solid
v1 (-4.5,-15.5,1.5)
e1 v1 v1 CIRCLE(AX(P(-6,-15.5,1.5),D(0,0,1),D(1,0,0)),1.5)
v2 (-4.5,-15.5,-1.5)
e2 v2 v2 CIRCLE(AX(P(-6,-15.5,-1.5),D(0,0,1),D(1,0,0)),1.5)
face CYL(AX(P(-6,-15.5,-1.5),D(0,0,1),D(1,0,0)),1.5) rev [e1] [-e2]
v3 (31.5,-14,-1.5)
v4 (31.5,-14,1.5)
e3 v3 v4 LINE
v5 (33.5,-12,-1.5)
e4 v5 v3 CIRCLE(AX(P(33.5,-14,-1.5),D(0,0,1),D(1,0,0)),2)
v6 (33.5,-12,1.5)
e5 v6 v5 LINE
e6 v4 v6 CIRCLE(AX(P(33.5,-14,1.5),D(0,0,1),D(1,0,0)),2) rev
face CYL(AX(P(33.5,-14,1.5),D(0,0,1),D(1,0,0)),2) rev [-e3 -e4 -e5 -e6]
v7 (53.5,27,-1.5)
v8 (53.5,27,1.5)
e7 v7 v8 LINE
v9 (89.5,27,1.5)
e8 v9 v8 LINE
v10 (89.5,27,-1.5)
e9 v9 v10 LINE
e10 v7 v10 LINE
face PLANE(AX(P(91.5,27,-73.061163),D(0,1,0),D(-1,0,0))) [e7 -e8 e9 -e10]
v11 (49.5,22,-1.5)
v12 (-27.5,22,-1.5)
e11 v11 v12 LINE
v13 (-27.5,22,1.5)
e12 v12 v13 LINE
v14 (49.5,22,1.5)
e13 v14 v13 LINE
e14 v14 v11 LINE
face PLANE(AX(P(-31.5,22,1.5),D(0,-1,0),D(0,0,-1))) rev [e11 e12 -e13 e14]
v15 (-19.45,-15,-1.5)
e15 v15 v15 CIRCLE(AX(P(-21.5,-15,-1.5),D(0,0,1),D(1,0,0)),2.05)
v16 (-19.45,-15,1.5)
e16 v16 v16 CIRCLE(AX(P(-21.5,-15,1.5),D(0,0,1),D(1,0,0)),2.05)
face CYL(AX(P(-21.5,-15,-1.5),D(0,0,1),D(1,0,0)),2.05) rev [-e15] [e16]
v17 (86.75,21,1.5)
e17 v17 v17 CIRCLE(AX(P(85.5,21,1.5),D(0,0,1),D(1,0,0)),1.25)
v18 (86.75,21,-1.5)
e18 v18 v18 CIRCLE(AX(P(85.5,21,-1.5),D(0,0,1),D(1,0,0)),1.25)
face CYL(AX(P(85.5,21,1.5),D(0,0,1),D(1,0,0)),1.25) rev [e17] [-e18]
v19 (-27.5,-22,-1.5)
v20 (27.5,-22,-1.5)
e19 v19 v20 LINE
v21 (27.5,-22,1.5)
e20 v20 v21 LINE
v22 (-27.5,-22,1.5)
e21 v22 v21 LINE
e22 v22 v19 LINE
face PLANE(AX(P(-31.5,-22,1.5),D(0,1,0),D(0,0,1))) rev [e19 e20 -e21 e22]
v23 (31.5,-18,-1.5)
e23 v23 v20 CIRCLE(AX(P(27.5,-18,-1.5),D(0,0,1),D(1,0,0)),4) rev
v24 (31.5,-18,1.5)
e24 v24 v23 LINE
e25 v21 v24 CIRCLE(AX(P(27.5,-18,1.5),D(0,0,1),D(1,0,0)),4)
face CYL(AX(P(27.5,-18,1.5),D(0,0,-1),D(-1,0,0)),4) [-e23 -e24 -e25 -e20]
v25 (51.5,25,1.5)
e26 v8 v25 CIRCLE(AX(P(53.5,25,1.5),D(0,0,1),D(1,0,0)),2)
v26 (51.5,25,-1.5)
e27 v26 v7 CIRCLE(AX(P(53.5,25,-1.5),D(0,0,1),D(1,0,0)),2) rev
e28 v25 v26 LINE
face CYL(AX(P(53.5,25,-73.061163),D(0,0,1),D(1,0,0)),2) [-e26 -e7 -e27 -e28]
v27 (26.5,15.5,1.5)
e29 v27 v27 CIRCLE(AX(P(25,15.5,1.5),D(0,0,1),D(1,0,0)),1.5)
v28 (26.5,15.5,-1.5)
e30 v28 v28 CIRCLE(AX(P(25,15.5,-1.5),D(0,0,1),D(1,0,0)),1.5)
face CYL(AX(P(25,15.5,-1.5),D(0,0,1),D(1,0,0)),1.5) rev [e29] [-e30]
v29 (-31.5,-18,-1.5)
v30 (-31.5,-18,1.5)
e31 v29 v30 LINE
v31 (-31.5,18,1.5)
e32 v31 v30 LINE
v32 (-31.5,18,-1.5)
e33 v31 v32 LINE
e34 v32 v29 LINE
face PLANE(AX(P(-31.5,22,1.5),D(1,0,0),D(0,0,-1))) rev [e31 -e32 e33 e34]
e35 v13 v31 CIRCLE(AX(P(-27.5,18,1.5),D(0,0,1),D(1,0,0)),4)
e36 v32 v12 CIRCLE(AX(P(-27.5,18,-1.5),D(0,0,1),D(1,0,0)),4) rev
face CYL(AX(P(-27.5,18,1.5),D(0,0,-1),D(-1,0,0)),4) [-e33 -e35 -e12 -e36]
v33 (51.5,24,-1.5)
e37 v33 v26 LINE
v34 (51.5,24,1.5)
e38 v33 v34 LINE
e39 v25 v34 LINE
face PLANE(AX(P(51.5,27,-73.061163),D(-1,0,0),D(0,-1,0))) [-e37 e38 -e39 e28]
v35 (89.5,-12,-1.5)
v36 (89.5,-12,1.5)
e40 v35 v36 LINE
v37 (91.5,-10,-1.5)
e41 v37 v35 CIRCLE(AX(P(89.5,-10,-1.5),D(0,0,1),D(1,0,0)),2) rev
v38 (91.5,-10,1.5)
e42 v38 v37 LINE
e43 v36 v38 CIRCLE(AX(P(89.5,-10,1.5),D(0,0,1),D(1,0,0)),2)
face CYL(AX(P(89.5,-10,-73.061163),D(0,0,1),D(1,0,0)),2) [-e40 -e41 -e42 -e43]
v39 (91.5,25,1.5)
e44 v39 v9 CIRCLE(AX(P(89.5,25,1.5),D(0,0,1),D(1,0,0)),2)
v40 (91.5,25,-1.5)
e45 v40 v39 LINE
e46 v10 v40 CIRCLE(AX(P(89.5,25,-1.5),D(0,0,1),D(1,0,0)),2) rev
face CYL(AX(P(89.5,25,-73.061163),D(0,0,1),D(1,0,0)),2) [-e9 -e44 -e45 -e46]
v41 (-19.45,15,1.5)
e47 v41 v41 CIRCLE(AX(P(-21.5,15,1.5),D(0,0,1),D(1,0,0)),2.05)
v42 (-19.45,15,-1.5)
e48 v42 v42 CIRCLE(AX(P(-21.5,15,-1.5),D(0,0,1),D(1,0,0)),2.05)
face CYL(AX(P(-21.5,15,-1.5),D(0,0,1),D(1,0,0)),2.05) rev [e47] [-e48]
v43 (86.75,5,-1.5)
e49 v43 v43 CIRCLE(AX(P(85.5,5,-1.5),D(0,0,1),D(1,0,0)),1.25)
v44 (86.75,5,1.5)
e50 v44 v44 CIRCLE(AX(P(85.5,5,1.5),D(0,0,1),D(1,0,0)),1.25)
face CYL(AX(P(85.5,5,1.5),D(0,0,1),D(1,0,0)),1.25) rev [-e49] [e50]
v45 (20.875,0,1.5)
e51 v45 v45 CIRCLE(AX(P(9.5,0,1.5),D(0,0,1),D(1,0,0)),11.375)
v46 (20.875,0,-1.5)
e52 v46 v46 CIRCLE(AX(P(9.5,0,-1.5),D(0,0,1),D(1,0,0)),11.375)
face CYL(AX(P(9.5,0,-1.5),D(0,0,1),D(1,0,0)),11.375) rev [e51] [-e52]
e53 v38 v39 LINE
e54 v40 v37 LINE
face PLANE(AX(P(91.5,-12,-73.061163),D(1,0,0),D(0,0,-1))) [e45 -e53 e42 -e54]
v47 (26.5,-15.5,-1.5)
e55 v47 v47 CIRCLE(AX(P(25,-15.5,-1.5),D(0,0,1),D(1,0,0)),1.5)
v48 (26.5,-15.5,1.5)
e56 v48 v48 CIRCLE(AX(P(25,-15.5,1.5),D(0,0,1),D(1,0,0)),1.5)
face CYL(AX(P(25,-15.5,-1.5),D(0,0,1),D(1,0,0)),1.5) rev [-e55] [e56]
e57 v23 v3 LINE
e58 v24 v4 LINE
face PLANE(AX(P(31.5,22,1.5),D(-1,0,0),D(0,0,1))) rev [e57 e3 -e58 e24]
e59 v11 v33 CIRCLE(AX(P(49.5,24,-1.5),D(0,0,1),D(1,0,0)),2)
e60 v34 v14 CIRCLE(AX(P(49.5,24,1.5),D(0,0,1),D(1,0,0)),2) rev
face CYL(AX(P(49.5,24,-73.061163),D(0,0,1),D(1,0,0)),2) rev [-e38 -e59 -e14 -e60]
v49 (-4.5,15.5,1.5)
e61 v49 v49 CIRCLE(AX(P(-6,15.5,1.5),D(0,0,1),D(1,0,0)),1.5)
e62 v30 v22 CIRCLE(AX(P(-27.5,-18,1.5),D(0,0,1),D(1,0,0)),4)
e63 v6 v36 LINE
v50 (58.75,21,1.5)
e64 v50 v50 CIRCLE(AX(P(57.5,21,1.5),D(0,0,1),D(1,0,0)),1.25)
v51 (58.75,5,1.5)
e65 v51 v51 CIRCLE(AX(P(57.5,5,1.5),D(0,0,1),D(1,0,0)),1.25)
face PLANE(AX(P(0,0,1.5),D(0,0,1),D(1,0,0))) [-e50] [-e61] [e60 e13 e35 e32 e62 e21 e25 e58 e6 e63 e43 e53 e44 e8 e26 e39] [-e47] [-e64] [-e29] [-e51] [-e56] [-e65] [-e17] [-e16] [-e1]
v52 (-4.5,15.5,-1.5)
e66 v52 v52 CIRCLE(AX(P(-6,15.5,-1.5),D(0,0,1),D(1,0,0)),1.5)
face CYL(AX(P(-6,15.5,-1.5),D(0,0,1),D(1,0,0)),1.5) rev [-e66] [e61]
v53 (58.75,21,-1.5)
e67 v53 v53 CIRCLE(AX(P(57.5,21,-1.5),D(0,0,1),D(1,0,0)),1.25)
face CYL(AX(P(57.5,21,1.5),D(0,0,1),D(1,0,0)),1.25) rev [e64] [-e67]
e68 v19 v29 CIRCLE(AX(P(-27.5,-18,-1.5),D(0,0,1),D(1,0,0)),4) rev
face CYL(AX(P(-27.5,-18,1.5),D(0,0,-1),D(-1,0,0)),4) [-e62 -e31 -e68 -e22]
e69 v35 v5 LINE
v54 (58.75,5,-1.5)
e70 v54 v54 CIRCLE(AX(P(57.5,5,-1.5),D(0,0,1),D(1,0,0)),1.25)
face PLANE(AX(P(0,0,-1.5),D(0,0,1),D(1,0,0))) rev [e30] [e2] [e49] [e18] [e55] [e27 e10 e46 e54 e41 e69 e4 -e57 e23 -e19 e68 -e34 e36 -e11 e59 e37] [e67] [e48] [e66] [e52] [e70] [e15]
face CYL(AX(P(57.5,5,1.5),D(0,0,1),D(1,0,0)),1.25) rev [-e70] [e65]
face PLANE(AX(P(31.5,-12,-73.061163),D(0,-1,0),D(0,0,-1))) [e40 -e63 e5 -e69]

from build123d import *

# Parameters (mm, degrees)
SKETCH1_W                       = 63
SKETCH1_H                       = 44
BOSS_EXTRUDE1_DEPTH             = 1.5
BOSS_EXTRUDE2_DEPTH             = 3
SKETCH2_R                       = 11.375
SKETCH2_R_2                     = 1.5
SKETCH2_R_3                     = 2.05
CUT_EXTRUDE1_DEPTH              = 96.44762962
FILLET1_R                       = 4
TAP_DRILL_FOR_M3X0_5_TAP1_D     = 2.5
TAP_DRILL_FOR_M3X0_5_TAP1_DEPTH = 4
TAP_DRILL_FOR_M3X0_5_TAP1_TIP   = 0.751075774
FILLET2_R                       = 2


with BuildPart() as part:
    # Sketch1 → Boss-Extrude1 (new, symmetric)
    with BuildSketch(Plane.XY):
        Rectangle(SKETCH1_W, SKETCH1_H)
    extrude(amount=BOSS_EXTRUDE1_DEPTH, both=True)

    # Sketch3 → Boss-Extrude2 (add)
    with BuildSketch(Plane.XY.offset(1.5)):
        Polygon((31.5, -12), (91.5, -12), (91.5, 27), (51.5, 27), (51.5, 22), (31.5, 22), align=None)
    extrude(amount=-BOSS_EXTRUDE2_DEPTH)

    # Sketch2 → Cut-Extrude1 (cut, through all)
    with BuildSketch(Plane.XY.offset(1.5)):
        with Locations((9.5, 0)):
            Circle(SKETCH2_R)
        with Locations((-6, 15.5)):
            Circle(SKETCH2_R_2)
        with Locations((25, 15.5)):
            Circle(SKETCH2_R_2)
        with Locations((25, -15.5)):
            Circle(SKETCH2_R_2)
        with Locations((-6, -15.5)):
            Circle(SKETCH2_R_2)
        with Locations((-21.5, 15)):
            Circle(SKETCH2_R_3)
        with Locations((-21.5, -15)):
            Circle(SKETCH2_R_3)
    extrude(amount=-CUT_EXTRUDE1_DEPTH, mode=Mode.SUBTRACT)

    # Fillet1
    fillet1_edges = [part.edges().sort_by_distance(p)[0] for p in [
        (31.5, -22, 0),
        (-31.5, -22, 0),
        (-31.5, 22, 0),
    ]]
    fillet(fillet1_edges, radius=FILLET1_R)

    # Tap Drill for M3x0.5 Tap1
    with Locations(Plane.XY.offset(1.5)):
        with Locations((57.5, 21), (85.5, 21), (85.5, 5), (57.5, 5)):
            Hole(TAP_DRILL_FOR_M3X0_5_TAP1_D / 2, depth=TAP_DRILL_FOR_M3X0_5_TAP1_DEPTH)
            with Locations((0, 0, -(TAP_DRILL_FOR_M3X0_5_TAP1_DEPTH + TAP_DRILL_FOR_M3X0_5_TAP1_TIP / 2))):  # 118° drill point
                Cone(0, TAP_DRILL_FOR_M3X0_5_TAP1_D / 2, TAP_DRILL_FOR_M3X0_5_TAP1_TIP, mode=Mode.SUBTRACT)

    # Fillet2
    fillet2_edges = [part.edges().sort_by_distance(p)[0] for p in [
        (31.5, -12, 0),
        (51.5, 22, 0),
        (51.5, 27, 0),
        (91.5, 27, 0),
        (91.5, -12, 0),
    ]]
    fillet(fillet2_edges, radius=FILLET2_R)


solid = part.part
